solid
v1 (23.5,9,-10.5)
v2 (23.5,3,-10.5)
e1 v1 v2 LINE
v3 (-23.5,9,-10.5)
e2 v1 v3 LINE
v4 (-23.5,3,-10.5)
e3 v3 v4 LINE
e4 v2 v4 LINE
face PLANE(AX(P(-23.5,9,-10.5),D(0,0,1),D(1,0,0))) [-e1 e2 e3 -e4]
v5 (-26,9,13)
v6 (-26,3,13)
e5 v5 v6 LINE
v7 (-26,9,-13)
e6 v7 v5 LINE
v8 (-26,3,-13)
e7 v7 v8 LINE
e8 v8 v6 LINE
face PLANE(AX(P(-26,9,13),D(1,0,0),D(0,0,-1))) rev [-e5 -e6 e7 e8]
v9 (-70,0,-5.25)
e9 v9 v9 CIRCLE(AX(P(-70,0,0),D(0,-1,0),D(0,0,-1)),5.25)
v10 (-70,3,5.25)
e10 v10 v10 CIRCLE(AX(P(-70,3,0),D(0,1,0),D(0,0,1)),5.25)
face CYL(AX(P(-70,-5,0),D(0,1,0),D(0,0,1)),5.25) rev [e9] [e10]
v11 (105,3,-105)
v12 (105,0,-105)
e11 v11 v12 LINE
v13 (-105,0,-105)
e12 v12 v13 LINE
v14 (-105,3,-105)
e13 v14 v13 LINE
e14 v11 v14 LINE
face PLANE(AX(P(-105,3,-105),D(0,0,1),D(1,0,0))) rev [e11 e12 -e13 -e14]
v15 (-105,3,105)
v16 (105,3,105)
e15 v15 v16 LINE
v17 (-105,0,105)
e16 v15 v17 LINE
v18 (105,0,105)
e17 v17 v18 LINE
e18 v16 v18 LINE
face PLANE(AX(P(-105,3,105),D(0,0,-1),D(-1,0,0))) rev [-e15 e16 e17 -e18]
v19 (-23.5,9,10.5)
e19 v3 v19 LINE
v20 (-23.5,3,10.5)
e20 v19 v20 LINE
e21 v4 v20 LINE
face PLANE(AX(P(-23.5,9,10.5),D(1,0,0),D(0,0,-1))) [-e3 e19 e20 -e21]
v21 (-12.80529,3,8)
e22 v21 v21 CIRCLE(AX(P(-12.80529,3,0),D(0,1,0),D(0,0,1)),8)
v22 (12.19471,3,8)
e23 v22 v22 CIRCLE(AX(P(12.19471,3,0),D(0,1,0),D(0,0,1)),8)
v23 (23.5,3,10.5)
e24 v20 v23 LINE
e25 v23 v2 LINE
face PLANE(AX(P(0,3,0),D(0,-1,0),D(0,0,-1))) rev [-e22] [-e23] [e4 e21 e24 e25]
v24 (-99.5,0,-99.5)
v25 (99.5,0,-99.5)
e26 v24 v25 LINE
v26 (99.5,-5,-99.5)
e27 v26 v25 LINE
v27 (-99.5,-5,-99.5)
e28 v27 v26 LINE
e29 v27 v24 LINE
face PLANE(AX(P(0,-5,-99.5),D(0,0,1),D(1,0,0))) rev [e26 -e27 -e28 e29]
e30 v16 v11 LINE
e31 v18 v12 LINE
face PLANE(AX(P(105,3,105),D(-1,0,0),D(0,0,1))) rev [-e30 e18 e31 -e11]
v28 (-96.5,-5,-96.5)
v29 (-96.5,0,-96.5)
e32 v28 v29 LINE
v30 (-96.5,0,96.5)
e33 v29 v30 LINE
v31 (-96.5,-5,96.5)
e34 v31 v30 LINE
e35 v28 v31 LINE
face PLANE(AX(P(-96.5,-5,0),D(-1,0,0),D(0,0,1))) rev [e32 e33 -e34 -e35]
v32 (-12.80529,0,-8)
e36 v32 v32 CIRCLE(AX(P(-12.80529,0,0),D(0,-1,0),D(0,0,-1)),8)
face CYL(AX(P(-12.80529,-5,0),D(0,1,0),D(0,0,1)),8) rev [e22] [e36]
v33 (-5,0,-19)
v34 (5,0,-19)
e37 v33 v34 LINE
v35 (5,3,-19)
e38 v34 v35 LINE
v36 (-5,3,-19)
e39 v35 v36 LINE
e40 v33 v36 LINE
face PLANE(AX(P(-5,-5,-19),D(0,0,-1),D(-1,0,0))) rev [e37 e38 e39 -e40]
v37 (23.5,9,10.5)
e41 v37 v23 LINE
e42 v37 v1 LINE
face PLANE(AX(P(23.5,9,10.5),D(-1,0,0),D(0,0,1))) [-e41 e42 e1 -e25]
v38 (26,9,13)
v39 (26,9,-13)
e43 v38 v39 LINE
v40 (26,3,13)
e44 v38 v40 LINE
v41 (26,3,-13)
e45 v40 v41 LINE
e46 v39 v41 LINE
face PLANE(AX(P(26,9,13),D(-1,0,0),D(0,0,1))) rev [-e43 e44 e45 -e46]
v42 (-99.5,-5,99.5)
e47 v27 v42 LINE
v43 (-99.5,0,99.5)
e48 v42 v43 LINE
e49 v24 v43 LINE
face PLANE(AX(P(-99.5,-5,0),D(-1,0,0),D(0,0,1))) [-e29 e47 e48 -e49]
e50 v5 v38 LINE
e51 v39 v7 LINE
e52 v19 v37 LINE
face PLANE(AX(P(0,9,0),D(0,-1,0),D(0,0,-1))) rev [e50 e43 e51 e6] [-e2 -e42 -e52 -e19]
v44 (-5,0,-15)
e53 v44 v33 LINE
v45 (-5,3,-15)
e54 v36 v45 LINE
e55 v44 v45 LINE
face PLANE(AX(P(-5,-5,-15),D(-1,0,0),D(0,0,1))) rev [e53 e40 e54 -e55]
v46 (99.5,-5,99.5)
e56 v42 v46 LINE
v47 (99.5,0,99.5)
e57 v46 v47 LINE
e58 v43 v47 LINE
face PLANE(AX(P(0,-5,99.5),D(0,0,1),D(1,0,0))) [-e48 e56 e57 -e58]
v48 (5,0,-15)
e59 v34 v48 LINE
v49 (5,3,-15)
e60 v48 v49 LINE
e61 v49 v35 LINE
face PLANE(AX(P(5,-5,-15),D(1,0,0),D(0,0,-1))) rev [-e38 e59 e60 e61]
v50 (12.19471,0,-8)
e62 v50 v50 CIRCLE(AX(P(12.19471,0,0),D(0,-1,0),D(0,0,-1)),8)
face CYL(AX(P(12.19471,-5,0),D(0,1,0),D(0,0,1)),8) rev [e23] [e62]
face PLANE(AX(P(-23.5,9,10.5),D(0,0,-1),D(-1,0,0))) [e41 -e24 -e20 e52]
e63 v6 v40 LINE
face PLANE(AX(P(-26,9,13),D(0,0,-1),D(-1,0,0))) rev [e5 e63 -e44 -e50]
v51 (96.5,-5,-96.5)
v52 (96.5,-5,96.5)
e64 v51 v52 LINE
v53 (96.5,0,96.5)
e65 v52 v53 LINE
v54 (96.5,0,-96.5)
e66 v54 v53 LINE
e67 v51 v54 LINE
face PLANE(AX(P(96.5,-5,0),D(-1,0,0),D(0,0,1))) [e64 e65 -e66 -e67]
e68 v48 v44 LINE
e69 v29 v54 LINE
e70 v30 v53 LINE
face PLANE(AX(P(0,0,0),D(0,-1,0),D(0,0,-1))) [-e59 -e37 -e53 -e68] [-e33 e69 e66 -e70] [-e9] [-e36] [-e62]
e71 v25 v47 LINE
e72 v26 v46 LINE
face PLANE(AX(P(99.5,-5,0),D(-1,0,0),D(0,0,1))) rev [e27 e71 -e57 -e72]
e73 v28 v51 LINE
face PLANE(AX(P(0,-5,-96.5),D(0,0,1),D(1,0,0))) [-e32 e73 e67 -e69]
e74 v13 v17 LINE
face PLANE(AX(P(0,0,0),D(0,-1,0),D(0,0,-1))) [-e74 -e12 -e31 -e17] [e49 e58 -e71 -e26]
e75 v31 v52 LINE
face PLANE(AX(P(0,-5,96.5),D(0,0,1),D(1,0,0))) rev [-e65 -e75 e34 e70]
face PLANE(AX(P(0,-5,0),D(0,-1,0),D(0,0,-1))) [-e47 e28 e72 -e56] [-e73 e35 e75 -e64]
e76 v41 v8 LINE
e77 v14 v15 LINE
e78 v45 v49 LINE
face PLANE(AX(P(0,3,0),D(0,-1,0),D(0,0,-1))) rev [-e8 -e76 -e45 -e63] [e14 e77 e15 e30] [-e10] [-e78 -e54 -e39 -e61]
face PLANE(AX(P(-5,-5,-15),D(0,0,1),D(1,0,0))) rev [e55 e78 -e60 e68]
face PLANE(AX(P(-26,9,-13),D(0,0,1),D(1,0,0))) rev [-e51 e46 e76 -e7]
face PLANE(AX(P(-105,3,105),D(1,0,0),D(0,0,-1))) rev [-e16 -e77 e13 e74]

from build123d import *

# Parameters (mm, degrees)
SKETCH1_W           = 210
SKETCH1_H           = 210
BOSS_EXTRUDE1_DEPTH = 3
SKETCH2_W           = 199
SKETCH2_H           = 199
SKETCH2_W_2         = 193
SKETCH2_H_2         = 193
BOSS_EXTRUDE2_DEPTH = 5
SKETCH3_R           = 8
CUT_EXTRUDE1_DEPTH  = 149.707767114
SKETCH5_W           = 52
SKETCH5_H           = 26
SKETCH5_W_2         = 47
SKETCH5_H_2         = 21
BOSS_EXTRUDE4_DEPTH = 6
SKETCH8_W           = 10
SKETCH8_H           = 4
CUT_EXTRUDE2_DEPTH  = 149.707767114
SKETCH9_R           = 5.25
CUT_EXTRUDE3_DEPTH  = 149.707767114


with BuildPart() as part:
    # Sketch1 → Boss-Extrude1 (new body)
    with BuildSketch(Plane(origin=(0, 0, 0), x_dir=(1, 0, 0), z_dir=(0, 1, 0))):
        Rectangle(SKETCH1_W, SKETCH1_H)
    extrude(amount=BOSS_EXTRUDE1_DEPTH)

    # Sketch2 → Boss-Extrude2 (add)
    with BuildSketch(Plane.XZ):
        Rectangle(SKETCH2_W, SKETCH2_H)
        Rectangle(SKETCH2_W_2, SKETCH2_H_2, mode=Mode.SUBTRACT)
    extrude(amount=BOSS_EXTRUDE2_DEPTH)

    # Sketch3 → Cut-Extrude1 (cut, through all)
    with BuildSketch(Plane(origin=(0, 3, 0), x_dir=(1, 0, 0), z_dir=(0, 1, 0))):
        with Locations(Location((-12.805289864, 0, 0), (0, 0, 270))):
            Circle(SKETCH3_R)
        with Locations(Location((12.194710136, 0, 0), (0, 0, 270))):
            Circle(SKETCH3_R)
    extrude(amount=-CUT_EXTRUDE1_DEPTH, mode=Mode.SUBTRACT)

    # Sketch5 → Boss-Extrude4 (add)
    with BuildSketch(Plane(origin=(0, 3, 0), x_dir=(1, 0, 0), z_dir=(0, 1, 0))):
        Rectangle(SKETCH5_W, SKETCH5_H)
        Rectangle(SKETCH5_W_2, SKETCH5_H_2, mode=Mode.SUBTRACT)
    extrude(amount=BOSS_EXTRUDE4_DEPTH)

    # Sketch8 → Cut-Extrude2 (cut, through all)
    with BuildSketch(Plane(origin=(0, 3, 0), x_dir=(1, 0, 0), z_dir=(0, 1, 0))):
        with Locations((0, 17)):
            Rectangle(SKETCH8_W, SKETCH8_H)
    extrude(amount=-CUT_EXTRUDE2_DEPTH, mode=Mode.SUBTRACT)

    # Sketch9 → Cut-Extrude3 (cut, through all)
    with BuildSketch(Plane(origin=(0, 3, 0), x_dir=(1, 0, 0), z_dir=(0, 1, 0))):
        with Locations(Location((-70, 0, 0), (0, 0, 270))):
            Circle(SKETCH9_R)
    extrude(amount=-CUT_EXTRUDE3_DEPTH, mode=Mode.SUBTRACT)


solid = part.part
